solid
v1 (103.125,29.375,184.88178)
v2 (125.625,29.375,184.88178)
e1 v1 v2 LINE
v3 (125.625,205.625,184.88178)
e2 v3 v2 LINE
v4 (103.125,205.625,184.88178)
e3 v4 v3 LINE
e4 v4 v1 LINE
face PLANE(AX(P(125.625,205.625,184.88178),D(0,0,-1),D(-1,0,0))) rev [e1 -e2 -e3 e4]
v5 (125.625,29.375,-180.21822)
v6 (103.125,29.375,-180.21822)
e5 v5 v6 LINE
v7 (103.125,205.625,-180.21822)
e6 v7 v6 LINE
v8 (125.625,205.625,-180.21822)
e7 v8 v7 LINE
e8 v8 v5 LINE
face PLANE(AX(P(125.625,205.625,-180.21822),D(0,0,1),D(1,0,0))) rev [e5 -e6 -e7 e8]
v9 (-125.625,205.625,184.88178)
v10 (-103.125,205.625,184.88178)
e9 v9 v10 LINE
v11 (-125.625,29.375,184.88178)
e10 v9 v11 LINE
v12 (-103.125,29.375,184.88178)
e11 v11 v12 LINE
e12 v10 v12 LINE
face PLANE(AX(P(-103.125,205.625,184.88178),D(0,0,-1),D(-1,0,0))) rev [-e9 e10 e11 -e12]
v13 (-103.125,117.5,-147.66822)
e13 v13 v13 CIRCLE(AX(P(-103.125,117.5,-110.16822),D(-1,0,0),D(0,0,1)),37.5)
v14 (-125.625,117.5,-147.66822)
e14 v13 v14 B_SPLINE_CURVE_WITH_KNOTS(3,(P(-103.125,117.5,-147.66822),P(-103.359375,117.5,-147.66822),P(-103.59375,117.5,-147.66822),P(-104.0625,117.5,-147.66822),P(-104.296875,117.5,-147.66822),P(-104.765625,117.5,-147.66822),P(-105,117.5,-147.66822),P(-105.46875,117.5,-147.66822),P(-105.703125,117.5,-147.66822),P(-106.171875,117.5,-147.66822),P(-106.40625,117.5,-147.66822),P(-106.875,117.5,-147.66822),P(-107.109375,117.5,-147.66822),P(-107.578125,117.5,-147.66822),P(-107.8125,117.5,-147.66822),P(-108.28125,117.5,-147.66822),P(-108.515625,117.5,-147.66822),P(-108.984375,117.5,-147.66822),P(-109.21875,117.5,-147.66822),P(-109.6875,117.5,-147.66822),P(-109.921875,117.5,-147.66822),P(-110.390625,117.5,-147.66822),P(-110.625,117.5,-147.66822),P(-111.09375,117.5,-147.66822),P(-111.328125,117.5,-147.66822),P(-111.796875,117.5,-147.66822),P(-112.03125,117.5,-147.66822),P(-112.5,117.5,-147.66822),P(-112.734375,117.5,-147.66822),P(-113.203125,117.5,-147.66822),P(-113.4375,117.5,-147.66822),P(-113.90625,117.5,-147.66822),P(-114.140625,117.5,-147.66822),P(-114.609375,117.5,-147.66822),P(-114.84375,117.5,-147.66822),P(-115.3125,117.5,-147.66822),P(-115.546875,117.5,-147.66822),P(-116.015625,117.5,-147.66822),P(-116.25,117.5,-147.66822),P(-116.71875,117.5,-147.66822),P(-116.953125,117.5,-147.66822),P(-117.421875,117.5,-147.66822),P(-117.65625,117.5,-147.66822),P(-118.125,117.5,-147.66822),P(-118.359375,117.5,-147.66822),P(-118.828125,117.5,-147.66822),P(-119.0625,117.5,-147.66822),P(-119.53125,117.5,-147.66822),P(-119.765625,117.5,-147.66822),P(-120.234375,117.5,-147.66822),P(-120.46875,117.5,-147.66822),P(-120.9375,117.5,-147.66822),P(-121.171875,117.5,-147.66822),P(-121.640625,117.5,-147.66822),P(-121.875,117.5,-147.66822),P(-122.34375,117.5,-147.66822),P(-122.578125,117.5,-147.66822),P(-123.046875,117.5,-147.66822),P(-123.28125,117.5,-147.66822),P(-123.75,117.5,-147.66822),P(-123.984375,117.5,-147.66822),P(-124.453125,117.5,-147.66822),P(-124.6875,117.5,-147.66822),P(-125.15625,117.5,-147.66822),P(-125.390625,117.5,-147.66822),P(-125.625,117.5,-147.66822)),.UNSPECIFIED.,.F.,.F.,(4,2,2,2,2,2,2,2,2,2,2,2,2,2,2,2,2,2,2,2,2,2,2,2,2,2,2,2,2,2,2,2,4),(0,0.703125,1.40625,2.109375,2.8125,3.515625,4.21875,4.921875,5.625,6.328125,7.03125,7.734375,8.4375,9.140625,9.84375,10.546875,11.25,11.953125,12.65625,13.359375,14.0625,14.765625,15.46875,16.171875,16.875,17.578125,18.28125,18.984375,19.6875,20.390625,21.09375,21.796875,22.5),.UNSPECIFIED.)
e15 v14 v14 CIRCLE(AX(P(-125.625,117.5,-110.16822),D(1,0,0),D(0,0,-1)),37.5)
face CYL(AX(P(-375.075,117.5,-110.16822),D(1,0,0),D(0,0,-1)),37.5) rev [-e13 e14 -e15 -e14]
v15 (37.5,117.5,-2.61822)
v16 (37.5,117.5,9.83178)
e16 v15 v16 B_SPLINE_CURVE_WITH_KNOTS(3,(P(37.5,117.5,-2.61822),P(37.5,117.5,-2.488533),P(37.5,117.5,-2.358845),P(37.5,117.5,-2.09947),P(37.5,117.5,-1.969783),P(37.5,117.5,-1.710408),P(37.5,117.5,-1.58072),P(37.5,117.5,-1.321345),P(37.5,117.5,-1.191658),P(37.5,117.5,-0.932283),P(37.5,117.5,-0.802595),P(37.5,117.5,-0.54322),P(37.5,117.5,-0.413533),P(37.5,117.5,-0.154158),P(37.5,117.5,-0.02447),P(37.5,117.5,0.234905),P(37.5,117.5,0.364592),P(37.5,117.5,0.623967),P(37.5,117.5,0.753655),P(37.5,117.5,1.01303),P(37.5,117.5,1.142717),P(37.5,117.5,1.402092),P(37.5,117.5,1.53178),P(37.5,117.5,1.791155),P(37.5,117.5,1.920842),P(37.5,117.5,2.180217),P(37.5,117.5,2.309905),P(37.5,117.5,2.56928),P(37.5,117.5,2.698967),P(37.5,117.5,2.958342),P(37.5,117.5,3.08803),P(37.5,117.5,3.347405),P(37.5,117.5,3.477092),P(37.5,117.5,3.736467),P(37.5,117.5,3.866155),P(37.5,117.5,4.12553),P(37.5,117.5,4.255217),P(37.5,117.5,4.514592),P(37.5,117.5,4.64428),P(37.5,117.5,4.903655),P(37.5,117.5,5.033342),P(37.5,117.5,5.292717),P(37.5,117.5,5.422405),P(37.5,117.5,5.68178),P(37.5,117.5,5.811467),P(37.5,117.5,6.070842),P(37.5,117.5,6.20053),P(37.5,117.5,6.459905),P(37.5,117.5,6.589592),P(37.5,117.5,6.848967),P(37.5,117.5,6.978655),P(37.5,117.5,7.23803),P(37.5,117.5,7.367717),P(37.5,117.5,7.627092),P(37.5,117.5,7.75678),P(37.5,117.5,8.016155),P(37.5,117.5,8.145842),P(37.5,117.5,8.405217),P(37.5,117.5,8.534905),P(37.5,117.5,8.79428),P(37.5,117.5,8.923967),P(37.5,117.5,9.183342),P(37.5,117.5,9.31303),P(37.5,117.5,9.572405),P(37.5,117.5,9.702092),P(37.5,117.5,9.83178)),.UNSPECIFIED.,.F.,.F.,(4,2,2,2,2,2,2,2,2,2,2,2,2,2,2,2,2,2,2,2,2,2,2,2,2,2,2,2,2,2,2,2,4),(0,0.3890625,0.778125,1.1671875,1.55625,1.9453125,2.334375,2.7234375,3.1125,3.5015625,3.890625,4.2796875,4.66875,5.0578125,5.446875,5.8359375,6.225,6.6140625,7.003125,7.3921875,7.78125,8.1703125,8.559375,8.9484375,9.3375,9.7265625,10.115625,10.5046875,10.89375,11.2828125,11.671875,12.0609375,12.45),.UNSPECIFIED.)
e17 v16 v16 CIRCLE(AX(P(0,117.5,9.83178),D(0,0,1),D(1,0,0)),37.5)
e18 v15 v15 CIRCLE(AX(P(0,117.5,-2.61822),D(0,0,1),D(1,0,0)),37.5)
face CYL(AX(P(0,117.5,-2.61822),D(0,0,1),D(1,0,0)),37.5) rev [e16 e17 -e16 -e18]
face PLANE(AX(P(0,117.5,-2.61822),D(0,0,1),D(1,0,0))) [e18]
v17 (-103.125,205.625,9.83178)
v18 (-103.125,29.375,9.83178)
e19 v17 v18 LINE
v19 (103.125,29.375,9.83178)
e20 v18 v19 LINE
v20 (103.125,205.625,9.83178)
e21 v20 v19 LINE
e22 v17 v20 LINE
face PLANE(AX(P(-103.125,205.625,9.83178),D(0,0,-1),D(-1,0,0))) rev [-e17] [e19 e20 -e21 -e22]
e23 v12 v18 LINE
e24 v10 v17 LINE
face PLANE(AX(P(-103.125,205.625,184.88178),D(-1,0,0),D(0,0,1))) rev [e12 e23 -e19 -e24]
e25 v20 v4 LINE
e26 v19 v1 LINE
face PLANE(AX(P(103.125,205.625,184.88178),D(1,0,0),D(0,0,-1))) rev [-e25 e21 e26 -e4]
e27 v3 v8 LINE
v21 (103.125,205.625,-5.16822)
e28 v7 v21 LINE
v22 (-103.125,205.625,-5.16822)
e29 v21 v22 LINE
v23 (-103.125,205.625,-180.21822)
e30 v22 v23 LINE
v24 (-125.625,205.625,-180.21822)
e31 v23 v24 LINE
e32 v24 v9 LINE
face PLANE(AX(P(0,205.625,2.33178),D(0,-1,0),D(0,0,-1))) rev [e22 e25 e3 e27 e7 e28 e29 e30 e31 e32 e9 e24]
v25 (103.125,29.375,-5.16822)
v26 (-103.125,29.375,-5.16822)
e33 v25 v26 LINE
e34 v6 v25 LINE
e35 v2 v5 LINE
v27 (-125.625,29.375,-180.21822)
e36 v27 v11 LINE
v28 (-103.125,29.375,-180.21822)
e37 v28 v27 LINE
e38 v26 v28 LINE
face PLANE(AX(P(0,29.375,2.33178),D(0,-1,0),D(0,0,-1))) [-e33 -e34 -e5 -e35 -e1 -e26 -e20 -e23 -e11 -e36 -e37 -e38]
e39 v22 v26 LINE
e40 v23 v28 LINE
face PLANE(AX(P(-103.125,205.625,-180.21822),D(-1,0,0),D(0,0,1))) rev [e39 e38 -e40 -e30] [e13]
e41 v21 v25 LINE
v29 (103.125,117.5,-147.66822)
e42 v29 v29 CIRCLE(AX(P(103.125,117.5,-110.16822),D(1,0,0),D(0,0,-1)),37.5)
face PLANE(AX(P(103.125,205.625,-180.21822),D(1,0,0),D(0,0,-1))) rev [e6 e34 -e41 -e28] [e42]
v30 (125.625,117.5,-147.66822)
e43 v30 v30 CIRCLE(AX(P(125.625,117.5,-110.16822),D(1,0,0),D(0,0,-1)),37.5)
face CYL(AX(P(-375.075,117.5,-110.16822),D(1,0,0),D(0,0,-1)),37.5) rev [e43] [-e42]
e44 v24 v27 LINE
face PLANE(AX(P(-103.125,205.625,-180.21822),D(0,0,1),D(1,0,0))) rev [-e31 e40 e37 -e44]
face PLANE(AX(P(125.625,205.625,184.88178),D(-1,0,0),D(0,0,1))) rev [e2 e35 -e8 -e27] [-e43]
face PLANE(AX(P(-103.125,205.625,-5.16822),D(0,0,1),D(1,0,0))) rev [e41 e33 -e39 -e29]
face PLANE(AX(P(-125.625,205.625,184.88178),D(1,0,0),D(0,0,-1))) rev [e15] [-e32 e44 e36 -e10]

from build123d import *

# Parameters (mm, degrees)
BOSS_EXTRUDE2_DEPTH = 235
SKETCH2_R           = 50
CUT_EXTRUDE1_DEPTH  = 16.6
SKETCH4_R           = 50
CUT_EXTRUDE2_DEPTH  = 667.6
SCALE1_SCALE        = 0.75


with BuildPart() as part:
    # Sketch1 → Boss-Extrude2 (new body)
    with BuildSketch(Plane(origin=(0, 0, 0), x_dir=(1, 0, 0), z_dir=(0, 1, 0))):
        Polygon((-137.5, -243.4), (-167.5, -243.4), (-167.5, 243.4), (-137.5, 243.4), (-137.5, 10), (137.5, 10), (137.5, 243.4), (167.5, 243.4), (167.5, -243.4), (137.5, -243.4), (137.5, -10), (-137.5, -10), align=None)
    extrude(amount=BOSS_EXTRUDE2_DEPTH)

    # Sketch2 → Cut-Extrude1 (cut)
    with BuildSketch(Plane.XY.offset(10)):
        with Locations((0, 117.5)):
            Circle(SKETCH2_R)
    extrude(amount=-CUT_EXTRUDE1_DEPTH, mode=Mode.SUBTRACT)

    # Sketch4 → Cut-Extrude2 (cut)
    with BuildSketch(Plane(origin=(167.5, 0, 0), x_dir=(0, 0, -1), z_dir=(1, 0, 0))):
        with Locations((150, 117.5)):
            Circle(SKETCH4_R)
    extrude(amount=-CUT_EXTRUDE2_DEPTH, mode=Mode.SUBTRACT)


with BuildPart() as part_1:
    # Scale1: scaled about (0, 117.5, 9.327119411)
    add(part.part.scale(SCALE1_SCALE).moved(Location((0, 29.375, 2.331779853))))


solid = part_1.part
